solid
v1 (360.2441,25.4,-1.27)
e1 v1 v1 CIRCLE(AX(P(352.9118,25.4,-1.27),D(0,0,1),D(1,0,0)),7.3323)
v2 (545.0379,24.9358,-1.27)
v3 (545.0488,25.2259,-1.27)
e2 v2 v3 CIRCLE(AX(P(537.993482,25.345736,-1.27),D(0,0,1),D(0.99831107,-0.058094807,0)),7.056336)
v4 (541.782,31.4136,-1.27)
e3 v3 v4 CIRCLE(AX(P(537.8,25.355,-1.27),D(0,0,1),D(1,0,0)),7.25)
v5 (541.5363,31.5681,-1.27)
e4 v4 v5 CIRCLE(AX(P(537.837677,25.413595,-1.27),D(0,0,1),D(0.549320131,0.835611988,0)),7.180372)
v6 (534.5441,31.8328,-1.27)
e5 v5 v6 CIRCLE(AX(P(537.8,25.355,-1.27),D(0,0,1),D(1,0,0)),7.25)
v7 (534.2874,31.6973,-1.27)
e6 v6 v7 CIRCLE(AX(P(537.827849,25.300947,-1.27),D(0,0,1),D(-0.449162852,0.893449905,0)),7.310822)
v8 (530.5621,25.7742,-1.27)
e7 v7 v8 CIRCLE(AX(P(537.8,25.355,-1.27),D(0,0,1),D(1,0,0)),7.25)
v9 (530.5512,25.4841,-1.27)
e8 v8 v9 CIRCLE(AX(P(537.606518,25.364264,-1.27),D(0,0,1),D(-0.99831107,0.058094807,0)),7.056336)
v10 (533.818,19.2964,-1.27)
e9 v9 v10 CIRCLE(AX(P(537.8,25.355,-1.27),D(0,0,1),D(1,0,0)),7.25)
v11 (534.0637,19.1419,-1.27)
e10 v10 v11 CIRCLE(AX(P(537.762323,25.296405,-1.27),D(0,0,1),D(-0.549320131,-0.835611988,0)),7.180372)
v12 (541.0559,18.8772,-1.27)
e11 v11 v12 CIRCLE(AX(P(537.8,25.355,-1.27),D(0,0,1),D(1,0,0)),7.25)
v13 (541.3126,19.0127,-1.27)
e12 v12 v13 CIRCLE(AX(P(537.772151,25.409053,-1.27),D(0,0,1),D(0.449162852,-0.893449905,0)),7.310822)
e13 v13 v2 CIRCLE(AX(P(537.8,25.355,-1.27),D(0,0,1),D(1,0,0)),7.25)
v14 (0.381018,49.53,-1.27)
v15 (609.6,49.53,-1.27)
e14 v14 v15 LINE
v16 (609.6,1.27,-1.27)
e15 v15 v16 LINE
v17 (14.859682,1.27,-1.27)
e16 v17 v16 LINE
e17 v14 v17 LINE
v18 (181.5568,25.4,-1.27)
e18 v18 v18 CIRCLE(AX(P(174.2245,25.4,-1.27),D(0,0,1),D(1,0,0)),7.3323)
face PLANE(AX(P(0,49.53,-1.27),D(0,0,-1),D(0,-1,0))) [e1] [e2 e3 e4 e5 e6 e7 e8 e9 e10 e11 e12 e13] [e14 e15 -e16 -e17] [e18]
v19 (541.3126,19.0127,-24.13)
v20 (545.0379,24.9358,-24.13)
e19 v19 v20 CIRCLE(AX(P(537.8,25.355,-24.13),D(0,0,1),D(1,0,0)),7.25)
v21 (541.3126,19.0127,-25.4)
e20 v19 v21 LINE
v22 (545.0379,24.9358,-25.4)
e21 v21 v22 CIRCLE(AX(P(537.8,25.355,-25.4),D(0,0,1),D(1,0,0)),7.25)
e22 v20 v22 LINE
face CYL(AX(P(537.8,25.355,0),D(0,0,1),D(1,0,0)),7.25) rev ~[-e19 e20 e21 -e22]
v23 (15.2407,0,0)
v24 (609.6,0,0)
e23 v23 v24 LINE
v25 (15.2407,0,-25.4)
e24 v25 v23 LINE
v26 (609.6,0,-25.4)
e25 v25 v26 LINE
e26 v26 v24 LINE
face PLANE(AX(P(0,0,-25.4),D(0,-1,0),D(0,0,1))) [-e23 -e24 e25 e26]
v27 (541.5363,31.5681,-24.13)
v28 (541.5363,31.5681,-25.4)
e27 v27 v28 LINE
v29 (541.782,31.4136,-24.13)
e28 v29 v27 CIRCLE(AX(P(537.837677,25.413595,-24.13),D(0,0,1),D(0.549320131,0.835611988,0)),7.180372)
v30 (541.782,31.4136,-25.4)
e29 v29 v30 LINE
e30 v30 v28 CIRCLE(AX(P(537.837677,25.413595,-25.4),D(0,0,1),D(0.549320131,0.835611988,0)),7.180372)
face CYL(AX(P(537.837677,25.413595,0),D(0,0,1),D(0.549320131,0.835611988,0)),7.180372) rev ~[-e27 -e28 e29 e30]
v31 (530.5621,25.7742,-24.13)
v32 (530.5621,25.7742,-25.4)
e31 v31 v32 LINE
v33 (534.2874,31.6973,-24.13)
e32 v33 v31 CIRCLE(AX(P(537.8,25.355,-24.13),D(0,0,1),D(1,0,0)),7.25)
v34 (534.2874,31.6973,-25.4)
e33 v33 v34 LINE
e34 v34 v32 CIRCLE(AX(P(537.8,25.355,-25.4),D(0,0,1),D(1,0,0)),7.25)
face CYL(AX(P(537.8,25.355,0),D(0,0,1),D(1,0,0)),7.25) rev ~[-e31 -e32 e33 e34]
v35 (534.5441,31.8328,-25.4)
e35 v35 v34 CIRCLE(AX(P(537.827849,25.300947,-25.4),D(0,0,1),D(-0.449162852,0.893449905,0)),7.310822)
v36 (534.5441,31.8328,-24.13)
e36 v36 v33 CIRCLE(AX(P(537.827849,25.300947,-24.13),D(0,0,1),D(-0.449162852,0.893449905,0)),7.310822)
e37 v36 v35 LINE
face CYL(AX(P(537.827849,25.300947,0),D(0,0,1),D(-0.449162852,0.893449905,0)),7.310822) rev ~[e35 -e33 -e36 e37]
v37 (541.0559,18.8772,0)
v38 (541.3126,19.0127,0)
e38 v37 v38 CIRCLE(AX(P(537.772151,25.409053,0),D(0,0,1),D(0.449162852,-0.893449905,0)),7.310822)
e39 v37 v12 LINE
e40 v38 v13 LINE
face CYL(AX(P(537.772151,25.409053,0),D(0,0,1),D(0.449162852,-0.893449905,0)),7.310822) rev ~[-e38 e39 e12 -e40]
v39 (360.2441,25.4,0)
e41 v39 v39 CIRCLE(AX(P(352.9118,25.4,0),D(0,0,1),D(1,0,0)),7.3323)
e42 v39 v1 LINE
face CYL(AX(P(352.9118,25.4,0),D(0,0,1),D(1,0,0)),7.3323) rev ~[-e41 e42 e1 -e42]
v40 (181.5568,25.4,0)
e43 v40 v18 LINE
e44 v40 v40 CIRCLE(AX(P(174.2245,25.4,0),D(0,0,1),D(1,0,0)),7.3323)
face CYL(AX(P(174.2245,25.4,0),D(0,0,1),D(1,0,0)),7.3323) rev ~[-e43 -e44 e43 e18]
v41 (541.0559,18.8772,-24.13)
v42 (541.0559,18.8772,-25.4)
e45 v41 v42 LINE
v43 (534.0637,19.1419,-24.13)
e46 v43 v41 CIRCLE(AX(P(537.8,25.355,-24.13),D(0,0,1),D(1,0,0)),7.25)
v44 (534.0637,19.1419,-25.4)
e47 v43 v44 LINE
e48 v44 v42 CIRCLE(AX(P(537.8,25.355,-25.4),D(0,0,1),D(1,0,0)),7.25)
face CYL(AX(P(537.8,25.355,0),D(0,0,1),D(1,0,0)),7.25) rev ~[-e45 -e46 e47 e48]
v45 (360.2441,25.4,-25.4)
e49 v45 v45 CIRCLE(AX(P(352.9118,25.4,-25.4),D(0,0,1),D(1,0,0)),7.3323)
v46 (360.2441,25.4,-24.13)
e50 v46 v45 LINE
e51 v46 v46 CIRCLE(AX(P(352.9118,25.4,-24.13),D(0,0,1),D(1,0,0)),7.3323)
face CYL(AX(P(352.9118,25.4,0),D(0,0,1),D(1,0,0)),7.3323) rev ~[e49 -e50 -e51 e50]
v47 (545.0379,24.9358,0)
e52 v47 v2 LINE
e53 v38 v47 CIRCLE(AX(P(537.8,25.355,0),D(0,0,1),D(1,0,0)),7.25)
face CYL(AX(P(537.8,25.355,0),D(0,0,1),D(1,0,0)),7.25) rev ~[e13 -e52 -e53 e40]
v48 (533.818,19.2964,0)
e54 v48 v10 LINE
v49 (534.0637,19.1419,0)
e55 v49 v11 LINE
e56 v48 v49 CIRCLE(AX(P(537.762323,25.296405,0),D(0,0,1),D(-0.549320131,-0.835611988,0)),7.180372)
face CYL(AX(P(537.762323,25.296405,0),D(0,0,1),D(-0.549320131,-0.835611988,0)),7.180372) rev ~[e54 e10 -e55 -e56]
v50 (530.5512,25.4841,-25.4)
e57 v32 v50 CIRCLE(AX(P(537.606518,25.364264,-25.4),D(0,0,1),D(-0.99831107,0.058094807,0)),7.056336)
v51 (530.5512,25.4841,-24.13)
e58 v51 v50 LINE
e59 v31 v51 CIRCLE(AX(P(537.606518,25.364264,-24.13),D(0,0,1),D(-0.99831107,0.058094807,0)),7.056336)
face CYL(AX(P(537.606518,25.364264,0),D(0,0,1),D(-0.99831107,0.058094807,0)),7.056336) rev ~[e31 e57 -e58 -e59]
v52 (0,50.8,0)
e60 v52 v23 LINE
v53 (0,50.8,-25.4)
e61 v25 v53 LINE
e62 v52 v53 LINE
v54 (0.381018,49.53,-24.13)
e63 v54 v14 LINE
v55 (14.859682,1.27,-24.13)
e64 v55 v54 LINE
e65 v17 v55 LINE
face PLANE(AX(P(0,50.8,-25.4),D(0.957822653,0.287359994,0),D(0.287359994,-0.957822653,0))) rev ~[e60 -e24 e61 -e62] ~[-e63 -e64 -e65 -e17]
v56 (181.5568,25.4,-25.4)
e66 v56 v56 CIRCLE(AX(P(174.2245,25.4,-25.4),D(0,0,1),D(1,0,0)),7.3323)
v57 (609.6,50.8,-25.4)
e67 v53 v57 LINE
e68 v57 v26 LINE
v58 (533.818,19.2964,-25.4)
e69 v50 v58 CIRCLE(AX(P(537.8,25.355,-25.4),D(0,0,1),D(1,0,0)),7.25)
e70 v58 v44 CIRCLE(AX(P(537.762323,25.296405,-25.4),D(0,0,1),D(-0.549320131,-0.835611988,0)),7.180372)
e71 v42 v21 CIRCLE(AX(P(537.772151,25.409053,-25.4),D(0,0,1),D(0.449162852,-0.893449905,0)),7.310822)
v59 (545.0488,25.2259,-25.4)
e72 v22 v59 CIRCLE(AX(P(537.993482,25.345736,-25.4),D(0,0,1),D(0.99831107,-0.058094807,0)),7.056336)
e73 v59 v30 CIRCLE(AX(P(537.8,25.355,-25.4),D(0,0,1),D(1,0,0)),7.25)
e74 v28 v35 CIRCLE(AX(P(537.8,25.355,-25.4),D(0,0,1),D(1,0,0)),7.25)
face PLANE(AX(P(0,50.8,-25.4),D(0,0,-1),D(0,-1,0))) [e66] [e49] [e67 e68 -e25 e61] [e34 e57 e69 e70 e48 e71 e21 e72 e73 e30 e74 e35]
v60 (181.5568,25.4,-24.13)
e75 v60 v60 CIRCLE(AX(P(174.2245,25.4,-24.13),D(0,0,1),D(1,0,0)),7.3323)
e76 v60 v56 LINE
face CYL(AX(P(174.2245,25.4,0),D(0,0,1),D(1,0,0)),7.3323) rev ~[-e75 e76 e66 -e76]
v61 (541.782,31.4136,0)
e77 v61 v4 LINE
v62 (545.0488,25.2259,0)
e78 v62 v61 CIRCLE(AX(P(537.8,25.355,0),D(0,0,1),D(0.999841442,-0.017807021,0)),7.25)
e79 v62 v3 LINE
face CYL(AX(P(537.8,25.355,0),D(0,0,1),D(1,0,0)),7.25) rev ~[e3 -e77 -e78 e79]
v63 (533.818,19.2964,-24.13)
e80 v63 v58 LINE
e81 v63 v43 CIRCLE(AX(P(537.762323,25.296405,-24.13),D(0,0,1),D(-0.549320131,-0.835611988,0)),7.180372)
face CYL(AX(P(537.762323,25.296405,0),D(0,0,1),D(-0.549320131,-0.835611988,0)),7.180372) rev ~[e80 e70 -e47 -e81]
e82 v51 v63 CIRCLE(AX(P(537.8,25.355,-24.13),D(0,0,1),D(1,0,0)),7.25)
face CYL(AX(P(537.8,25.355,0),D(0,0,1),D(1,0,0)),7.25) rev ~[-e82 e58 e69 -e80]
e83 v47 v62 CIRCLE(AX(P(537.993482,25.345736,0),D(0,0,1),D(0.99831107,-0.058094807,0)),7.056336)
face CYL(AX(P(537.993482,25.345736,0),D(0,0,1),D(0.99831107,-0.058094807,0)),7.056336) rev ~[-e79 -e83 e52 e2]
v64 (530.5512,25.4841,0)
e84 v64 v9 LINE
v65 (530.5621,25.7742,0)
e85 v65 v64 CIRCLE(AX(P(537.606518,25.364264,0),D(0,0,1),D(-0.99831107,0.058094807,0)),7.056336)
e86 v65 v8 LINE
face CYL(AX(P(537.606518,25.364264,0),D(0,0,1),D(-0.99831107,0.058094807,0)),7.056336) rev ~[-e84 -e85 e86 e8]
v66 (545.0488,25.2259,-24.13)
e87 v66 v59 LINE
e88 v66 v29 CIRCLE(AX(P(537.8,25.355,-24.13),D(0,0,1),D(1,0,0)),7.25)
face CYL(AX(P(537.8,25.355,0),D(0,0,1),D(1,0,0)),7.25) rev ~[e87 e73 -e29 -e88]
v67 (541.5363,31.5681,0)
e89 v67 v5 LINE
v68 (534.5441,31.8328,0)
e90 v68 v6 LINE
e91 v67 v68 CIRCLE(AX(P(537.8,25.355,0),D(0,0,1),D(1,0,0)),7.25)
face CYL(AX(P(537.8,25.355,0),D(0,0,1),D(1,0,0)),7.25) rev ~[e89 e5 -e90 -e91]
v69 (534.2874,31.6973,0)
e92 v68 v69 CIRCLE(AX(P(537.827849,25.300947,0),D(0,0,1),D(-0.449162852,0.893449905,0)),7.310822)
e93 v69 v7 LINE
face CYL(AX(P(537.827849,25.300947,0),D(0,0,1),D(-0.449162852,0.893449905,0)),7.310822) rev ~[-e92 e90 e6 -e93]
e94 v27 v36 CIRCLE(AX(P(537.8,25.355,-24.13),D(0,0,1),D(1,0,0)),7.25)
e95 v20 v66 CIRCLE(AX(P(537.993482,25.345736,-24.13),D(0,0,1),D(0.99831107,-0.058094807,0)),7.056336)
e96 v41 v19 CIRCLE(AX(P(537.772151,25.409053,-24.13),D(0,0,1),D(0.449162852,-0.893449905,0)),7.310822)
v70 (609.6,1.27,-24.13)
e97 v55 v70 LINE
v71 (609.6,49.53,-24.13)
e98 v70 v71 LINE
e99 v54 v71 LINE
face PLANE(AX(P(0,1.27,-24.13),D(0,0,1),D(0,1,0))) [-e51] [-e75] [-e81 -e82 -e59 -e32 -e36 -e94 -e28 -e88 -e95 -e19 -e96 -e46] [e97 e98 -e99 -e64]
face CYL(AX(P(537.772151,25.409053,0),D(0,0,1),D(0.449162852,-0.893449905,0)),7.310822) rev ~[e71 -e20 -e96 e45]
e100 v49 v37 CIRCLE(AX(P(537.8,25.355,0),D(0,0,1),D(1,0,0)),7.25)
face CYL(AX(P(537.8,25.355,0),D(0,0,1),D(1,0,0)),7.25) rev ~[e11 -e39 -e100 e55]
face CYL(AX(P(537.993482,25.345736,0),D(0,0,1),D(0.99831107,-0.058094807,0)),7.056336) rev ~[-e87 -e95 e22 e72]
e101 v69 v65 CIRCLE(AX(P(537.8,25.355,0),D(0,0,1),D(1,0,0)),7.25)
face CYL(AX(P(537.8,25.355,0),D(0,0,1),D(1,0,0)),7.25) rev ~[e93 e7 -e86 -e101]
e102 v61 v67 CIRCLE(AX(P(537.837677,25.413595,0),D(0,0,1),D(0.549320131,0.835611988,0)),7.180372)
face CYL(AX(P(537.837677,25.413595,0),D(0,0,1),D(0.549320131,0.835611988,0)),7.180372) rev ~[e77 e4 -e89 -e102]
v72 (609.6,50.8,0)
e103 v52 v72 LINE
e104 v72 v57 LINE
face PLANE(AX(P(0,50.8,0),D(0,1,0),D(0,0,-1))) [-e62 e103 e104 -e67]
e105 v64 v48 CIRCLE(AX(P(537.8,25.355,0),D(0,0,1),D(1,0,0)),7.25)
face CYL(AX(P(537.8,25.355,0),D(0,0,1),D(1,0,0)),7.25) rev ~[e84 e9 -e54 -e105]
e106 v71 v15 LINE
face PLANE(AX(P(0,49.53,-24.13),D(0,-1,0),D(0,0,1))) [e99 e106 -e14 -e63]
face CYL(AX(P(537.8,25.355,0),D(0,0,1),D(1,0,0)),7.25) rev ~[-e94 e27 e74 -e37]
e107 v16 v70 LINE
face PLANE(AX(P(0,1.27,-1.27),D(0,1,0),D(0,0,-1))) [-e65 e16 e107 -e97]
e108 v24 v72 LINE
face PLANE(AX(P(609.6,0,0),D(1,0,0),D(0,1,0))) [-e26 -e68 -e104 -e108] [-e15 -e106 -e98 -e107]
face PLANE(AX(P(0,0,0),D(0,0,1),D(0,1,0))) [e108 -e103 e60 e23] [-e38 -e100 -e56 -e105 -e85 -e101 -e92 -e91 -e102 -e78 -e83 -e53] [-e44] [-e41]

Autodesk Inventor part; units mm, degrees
ref_plane "YZ Plane" through (0, 0, 0) normal (1, 0, 0) x (0, 1, 0)
ref_plane "XZ Plane" through (0, 0, 0) normal (0, 1, 0) x (-1, 0, 0)
ref_plane "XY Plane" through (0, 0, 0) normal (0, 0, 1) x (1, 0, 0)
sketch "Sketch1" plane through (0, 0, 0) normal (1, 0, 0) x (0, 1, 0)
  line L0 (0, 0) -> (50.8, 0)
  line L1 (50.8, 0) -> (50.8, -25.4)
  line L2 (50.8, -25.4) -> (0, -25.4)
  line L3 (0, -25.4) -> (0, 0)
  line L4 (49.53, -24.13) -> (49.53, -1.27)
  line L5 (49.53, -1.27) -> (1.27, -1.27)
  line L6 (1.27, -1.27) -> (1.27, -24.13)
  line L7 (1.27, -24.13) -> (49.53, -24.13)
  dimension "d0" = 50.8
  dimension "d1" = 25.4
  dimension "d2" = 1.27
extrude "Extrusion1" add sketch "Sketch1" along normal blind 609.6
sketch "Sketch2" plane through (0, 0, 0) normal (0, 0, 1) x (1, 0, 0)
  line L0 (537.5598, 19.0095) -> (541.0559, 18.8772) projected
  line L1 (534.0637, 19.1419) -> (537.5598, 19.0095) projected
  line L2 (532.1846, 22.3903) -> (533.818, 19.2964) projected
  arc A0 (533.818, 19.2964) -> (534.0637, 19.1419) centre (537.8, 25.355) ccw projected
  arc A1 (530.5621, 25.7742) -> (530.5512, 25.4841) centre (537.8, 25.355) ccw projected
  arc A2 (534.5441, 31.8328) -> (534.2874, 31.6973) centre (537.8, 25.355) ccw projected
  arc A3 (541.782, 31.4136) -> (541.5363, 31.5681) centre (537.8, 25.355) ccw projected
  arc A4 (545.0379, 24.9358) -> (545.0488, 25.2259) centre (537.8, 25.355) ccw projected
  arc A5 (541.0559, 18.8772) -> (541.3126, 19.0127) centre (537.8, 25.355) ccw projected
  circle A6 centre (537.8, 25.355) radius 7.25
  point P0 (0, 0)
extrude "Extrusion2" cut sketch "Sketch2" against normal through all
sketch "Sketch4" plane through (0, 0, 0) normal (0, 0, 1) x (1, 0, 0)
  circle A0 centre (352.9118, 25.4) radius 7.3323
  circle A1 centre (174.2245, 25.4) radius 7.3323
  point P0 (0, 0)
extrude "Extrusion4" cut sketch "Sketch4" against normal through all
sketch "Sketch5" plane through (0, 0, -25.4) normal (0, 0, -1) x (-1, 0, 0)
  line L0 (0, 50.8) -> (-609.6, 50.8) projected
  line L1 (0, 50.8) -> (-15.2407, 0)
  line L2 (0, 0) -> (-609.6, 0) projected
  line L3 (0, 50.8) -> (53.037, 50.8) construction
  line L4 (0, 50.8) -> (0, 0)
  line L5 (0, 0) -> (-15.2407, 0)
  line L6 (0, 1.27) -> (-609.6, 1.27) projected
  dimension "d12" = 106.7
extrude "Extrusion5" cut sketch "Sketch5" against normal blind 25.4
properties part number "Aluminum Channel Arm Left"
